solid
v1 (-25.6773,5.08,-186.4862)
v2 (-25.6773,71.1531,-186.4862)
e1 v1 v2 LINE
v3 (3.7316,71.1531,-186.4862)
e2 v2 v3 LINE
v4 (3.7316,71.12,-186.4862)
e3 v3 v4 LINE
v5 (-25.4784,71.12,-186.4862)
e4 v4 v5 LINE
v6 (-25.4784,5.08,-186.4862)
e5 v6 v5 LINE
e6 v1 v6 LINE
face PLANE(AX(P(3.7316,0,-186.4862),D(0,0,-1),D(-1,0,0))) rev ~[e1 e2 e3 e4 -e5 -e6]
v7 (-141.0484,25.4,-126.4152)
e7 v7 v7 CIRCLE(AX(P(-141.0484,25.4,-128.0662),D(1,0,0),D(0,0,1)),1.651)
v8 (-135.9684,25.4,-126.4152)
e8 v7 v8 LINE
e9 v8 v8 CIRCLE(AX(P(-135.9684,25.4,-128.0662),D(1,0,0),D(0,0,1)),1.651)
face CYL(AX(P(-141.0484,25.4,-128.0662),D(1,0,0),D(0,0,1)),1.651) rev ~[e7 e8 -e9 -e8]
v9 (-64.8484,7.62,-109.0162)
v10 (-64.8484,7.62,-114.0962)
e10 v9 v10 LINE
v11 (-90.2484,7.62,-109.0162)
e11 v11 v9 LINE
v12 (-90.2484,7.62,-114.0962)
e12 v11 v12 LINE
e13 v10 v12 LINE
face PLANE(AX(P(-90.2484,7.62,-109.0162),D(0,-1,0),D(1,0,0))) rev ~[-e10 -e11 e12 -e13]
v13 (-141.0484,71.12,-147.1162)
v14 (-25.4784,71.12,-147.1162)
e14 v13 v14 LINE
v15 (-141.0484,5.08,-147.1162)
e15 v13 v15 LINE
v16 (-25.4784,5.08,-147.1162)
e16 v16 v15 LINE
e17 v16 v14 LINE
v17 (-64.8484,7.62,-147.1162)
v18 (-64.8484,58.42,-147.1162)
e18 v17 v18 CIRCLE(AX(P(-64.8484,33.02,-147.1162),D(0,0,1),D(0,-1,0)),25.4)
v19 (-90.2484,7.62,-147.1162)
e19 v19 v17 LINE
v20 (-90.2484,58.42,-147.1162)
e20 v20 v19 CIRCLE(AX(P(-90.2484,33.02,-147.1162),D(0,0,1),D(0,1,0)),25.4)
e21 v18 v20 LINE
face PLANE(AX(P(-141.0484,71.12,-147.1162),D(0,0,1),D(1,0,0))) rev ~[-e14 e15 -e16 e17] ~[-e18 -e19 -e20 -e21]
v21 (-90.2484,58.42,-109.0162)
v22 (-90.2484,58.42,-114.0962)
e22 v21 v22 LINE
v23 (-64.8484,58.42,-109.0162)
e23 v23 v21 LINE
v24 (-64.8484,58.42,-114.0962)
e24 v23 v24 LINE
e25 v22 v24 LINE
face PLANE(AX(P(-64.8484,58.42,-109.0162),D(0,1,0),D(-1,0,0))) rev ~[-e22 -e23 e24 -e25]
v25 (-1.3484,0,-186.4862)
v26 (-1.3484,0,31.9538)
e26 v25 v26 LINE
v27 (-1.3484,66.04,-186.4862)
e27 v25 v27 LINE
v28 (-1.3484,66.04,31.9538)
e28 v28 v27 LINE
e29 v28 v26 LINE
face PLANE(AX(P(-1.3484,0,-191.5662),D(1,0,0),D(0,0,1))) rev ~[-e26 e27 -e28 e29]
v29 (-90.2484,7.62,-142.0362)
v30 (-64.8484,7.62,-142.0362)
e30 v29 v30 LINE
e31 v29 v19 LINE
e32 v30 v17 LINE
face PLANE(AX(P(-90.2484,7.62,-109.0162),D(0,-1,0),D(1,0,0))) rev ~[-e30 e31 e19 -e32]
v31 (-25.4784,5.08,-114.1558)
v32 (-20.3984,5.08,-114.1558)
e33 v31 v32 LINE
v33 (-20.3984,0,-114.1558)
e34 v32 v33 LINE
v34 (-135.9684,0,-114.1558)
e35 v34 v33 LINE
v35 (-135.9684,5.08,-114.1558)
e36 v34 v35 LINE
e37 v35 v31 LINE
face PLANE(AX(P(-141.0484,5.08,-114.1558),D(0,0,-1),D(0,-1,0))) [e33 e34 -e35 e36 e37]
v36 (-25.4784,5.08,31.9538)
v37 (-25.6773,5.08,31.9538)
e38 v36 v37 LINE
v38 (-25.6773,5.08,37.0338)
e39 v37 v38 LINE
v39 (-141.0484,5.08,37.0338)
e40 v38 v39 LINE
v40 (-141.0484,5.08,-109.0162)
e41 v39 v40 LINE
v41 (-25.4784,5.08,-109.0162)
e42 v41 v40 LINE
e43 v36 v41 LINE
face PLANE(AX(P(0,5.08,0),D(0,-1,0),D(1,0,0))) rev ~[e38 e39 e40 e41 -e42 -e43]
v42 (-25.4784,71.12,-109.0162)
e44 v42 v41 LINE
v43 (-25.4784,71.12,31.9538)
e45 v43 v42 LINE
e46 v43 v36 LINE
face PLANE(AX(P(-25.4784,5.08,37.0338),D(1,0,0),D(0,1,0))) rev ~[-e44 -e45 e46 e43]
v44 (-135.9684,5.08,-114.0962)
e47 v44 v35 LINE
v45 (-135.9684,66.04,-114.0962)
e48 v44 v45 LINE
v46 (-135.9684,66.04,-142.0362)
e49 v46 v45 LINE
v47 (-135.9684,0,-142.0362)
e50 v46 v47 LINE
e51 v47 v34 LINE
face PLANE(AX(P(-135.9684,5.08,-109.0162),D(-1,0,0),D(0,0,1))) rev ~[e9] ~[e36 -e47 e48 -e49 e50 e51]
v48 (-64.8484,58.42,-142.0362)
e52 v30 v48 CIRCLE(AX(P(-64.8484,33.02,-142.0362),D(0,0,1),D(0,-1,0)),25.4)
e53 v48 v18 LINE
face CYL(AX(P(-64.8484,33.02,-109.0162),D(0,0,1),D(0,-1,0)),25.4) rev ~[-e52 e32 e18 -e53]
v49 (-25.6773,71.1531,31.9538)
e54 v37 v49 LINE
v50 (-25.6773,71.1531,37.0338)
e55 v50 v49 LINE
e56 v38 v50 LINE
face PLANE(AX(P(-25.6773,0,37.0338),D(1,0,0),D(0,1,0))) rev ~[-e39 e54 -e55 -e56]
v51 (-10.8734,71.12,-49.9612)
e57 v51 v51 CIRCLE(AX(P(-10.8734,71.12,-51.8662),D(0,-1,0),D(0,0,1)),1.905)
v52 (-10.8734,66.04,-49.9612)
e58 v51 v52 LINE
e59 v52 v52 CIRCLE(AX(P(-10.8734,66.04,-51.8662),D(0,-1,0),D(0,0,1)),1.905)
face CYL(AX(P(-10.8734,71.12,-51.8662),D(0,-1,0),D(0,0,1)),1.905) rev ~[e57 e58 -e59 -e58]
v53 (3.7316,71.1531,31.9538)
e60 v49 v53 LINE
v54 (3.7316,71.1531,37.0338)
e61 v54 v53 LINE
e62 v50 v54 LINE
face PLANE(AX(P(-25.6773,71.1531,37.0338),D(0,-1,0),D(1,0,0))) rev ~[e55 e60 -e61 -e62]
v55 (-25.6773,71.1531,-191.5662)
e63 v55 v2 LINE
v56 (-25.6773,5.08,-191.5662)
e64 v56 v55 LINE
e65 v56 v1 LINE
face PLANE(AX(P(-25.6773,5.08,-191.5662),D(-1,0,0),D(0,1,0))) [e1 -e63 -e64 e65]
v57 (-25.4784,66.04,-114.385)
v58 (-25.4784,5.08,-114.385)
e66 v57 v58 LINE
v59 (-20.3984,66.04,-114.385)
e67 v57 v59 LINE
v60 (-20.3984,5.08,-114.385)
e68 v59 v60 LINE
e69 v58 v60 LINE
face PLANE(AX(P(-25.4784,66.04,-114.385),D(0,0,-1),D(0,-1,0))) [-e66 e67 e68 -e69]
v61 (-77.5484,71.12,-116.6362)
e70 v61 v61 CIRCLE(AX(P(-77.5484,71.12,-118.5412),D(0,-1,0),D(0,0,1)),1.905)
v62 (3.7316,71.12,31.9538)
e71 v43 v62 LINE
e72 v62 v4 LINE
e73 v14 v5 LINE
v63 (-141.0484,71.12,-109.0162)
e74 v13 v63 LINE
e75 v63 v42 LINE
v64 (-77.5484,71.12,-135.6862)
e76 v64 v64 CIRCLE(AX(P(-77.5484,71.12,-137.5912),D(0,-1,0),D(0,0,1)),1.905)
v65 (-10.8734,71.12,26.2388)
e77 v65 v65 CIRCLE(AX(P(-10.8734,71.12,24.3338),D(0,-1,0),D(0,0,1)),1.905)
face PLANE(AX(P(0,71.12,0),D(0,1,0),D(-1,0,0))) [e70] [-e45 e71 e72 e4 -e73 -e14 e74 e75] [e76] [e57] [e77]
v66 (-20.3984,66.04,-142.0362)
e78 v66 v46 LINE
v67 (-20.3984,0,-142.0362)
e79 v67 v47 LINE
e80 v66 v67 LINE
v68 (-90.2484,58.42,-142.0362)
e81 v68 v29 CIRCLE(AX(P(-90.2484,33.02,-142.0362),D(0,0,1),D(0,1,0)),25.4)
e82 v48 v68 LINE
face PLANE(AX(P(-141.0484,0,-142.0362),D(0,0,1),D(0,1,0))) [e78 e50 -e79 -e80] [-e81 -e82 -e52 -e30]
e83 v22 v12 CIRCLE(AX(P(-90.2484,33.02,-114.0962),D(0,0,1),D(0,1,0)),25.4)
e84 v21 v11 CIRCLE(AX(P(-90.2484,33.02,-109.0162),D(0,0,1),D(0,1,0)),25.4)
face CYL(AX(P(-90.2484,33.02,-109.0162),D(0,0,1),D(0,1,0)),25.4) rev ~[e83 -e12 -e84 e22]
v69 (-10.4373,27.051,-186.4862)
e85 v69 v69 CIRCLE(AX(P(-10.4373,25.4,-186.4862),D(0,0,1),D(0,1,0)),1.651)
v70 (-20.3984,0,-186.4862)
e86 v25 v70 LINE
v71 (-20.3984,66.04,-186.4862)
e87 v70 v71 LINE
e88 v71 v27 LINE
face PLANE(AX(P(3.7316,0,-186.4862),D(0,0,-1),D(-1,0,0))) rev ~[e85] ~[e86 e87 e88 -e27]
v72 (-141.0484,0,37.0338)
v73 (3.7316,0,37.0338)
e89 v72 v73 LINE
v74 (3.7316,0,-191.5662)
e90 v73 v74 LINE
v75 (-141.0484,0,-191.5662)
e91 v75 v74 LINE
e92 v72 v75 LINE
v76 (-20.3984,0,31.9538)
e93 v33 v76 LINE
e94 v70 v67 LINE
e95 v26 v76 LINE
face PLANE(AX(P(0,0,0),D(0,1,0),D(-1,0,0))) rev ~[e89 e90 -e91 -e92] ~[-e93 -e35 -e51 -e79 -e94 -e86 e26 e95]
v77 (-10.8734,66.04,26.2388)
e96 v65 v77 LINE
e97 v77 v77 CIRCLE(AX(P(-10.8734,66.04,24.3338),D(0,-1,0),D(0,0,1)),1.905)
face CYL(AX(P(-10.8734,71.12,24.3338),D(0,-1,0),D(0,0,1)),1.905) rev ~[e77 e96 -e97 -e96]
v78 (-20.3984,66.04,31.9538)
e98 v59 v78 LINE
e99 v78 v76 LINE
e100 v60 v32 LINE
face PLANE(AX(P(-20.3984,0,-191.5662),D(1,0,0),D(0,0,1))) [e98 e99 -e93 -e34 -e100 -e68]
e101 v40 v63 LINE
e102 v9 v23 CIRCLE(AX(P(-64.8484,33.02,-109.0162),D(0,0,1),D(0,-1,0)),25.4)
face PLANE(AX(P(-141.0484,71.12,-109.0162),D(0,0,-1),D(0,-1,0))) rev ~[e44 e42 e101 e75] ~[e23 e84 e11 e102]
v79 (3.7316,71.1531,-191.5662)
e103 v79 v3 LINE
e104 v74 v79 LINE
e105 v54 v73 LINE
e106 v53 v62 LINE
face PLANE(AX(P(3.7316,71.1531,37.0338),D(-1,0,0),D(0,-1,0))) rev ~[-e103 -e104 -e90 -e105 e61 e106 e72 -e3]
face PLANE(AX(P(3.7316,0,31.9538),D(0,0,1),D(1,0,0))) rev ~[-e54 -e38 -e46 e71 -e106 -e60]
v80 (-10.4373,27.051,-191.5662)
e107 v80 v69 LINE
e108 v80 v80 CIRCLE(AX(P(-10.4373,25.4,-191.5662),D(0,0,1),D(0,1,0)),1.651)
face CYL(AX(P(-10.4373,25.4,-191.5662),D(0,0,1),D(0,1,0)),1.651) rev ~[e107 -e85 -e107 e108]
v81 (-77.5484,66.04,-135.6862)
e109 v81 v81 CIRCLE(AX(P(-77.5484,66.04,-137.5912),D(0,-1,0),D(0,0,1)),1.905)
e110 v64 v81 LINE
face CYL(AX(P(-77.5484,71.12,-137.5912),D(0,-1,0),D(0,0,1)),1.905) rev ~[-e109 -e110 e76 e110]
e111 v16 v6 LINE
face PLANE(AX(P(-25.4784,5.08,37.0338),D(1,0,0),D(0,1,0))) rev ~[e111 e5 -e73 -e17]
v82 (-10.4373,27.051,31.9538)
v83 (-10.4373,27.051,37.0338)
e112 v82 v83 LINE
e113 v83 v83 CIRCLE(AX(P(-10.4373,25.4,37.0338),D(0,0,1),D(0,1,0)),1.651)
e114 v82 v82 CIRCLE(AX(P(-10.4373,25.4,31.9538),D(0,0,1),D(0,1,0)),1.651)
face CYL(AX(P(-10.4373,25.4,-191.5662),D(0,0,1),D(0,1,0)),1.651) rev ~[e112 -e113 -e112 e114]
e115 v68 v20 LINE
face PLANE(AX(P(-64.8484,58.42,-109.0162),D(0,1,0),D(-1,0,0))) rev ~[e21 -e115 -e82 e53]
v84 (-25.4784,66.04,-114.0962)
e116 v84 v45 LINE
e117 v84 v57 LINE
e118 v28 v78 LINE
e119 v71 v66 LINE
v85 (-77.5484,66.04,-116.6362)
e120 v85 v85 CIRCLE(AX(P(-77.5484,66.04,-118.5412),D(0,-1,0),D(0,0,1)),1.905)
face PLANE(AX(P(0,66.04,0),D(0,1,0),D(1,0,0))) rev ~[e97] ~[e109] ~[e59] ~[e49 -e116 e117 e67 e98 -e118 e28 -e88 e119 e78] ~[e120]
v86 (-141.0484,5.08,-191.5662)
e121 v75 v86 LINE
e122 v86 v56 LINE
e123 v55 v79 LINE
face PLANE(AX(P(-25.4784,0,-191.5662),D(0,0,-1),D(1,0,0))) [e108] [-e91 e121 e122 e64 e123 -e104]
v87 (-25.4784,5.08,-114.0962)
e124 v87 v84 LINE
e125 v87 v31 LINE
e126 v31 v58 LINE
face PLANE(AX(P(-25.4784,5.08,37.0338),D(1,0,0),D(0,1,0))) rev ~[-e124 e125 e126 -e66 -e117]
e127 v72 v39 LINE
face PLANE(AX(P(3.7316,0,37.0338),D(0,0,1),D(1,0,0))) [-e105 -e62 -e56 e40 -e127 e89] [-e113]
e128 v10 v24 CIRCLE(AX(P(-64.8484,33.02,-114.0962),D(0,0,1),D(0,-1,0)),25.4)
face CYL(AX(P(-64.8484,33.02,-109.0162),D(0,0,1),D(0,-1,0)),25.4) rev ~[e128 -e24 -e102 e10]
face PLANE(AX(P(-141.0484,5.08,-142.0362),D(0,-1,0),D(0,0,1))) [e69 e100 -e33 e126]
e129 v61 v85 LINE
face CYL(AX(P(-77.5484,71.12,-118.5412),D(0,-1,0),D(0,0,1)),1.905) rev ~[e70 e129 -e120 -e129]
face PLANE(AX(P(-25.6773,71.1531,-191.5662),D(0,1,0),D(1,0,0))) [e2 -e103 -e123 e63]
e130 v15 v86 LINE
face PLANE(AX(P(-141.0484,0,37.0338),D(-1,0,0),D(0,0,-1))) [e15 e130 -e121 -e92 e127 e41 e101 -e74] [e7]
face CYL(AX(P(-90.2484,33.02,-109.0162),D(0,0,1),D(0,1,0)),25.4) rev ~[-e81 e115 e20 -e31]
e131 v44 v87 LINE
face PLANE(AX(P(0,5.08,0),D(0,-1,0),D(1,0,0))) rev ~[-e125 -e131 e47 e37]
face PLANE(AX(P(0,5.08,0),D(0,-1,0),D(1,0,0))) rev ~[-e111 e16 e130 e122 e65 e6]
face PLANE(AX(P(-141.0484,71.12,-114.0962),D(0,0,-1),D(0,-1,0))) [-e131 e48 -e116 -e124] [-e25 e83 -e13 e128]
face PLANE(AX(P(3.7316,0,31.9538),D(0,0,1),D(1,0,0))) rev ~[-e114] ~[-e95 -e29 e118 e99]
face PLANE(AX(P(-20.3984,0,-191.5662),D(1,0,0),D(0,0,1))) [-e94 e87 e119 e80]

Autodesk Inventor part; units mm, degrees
ref_plane "YZ Plane" through (0, 0, 0) normal (1, 0, 0) x (0, 1, 0)
ref_plane "XZ Plane" through (0, 0, 0) normal (0, 1, 0) x (-1, 0, 0)
ref_plane "XY Plane" through (0, 0, 0) normal (0, 0, 1) x (1, 0, 0)
sketch "Sketch51" plane through (0, 0, 0) normal (0, 1, 0) x (-1, 0, 0)
  line L0 (1.3484, 37.0338) -> (-3.7316, 37.0338)
  line L1 (-3.7316, 37.0338) -> (-3.7316, -191.5662)
  line L2 (-3.7316, -191.5662) -> (1.3484, -191.5662)
  line L3 (1.3484, -191.5662) -> (1.3484, 37.0338)
  point P0 (0, 0)
  dimension "d172" = 5.08
  dimension "d173" = 228.6
extrude "Extrusion37" add sketch "Sketch51" along normal blind 71.12
sketch "Sketch52" plane through (-1.3484, 0, 37.0338) normal (0, 0, 1) x (1, 0, 0)
  line L0 (5.08, 0) -> (5.08, 71.12) projected
  line L1 (5.08, 71.12) -> (-24.13, 71.12)
  line L2 (-24.13, 71.12) -> (-24.13, 66.04)
  line L3 (-24.13, 66.04) -> (5.08, 66.04)
  line L4 (5.08, 66.04) -> (5.08, 71.12)
  point P0 (1.3484, 0)
  dimension "d176" = 5.08
  dimension "d177" = 29.21
extrude "Extrusion38" add sketch "Sketch52" against normal blind 228.6
sketch "Sketch54" plane through (0, 0, 0) normal (0, -1, 0) x (1, 0, 0)
  line L0 (-20.3984, 37.0338) -> (-141.0484, 37.0338)
  line L1 (-141.0484, 37.0338) -> (-141.0484, -191.5662)
  line L2 (-141.0484, -191.5662) -> (-20.3984, -191.5662)
  line L3 (-20.3984, -191.5662) -> (-20.3984, 37.0338)
  line L4 (-25.4784, 37.0338) -> (-1.3484, 37.0338) projected
  line L5 (-1.3484, -191.5662) -> (-25.4784, -191.5662) projected
  line L6 (-1.3484, -191.5662) -> (-1.3484, 37.0338) projected
  point P0 (0, 0)
  dimension "d180" = 0
  dimension "d181" = 0
  dimension "d182" = 19.05
  dimension "d183" = 120.65
extrude "Extrusion39" add sketch "Sketch54" against normal blind 5.08 contours L3 L2 L1 L0
sketch "Sketch55" plane through (-1.3484, 0, 37.0338) normal (0, 0, 1) x (1, 0, 0)
  line L0 (-139.7, 5.08) -> (-19.05, 5.08) projected
  line L1 (-24.13, 66.04) -> (-24.13, 71.12) projected
  line L2 (-19.05, 5.08) -> (-24.13, 5.08)
  line L3 (-24.13, 5.08) -> (-24.13, 71.12)
  line L4 (-24.13, 71.12) -> (-19.05, 71.12)
  line L5 (-19.05, 71.12) -> (-19.05, 5.08)
  point P0 (1.3484, 0)
extrude "Extrusion40" add sketch "Sketch55" against normal blind 228.6
sketch "Sketch56" plane through (3.7316, 0, 37.0338) normal (0, 0, 1) x (1, 0, 0)
  line L0 (-29.4089, 71.1531) -> (0, 71.1531)
  line L1 (0, 71.1531) -> (0, 0)
  line L2 (0, 0) -> (-29.4089, 0)
  line L3 (-29.4089, 0) -> (-29.4089, 71.1531)
  point P0 (-3.7316, 0)
extrude "Extrusion41" add sketch "Sketch56" against normal blind 5.08
sketch "Sketch57" plane through (3.7316, 0, -191.5662) normal (0, 0, -1) x (-1, 0, 0)
  line L0 (29.4089, 5.08) -> (29.4089, 71.1531) projected
  line L1 (29.4089, 71.1531) -> (0, 71.1531)
  line L2 (0, 71.1531) -> (0, 0)
  line L3 (0, 0) -> (29.4089, 0)
  line L4 (29.4089, 0) -> (29.4089, 71.1531)
  point P0 (3.7316, 0)
extrude "Extrusion42" add sketch "Sketch57" against normal blind 5.08
sketch "Sketch58" plane through (0, 71.12, 0) normal (0, 1, 0) x (1, 0, 0)
  line L0 (-25.4784, -31.9538) -> (-25.4784, 186.4862) projected
  line L1 (-141.0484, 191.5662) -> (-141.0484, -37.0338) projected
  line L2 (-25.4784, 109.0162) -> (-141.0484, 109.0162)
  line L3 (-141.0484, 109.0162) -> (-141.0484, 147.1162)
  line L4 (-141.0484, 147.1162) -> (-25.4784, 147.1162)
  line L5 (-25.4784, 147.1162) -> (-25.4784, 109.0162)
  line L6 (-25.6773, 191.5662) -> (-141.0484, 191.5662) projected
  point P0 (0, 0)
  dimension "d192" = 38.1
  dimension "d193" = 44.45
extrude "Extrusion43" add sketch "Sketch58" against normal blind 5.08
sketch "Sketch59" plane through (-141.0484, 71.12, -147.1162) normal (-1, 0, 0) x (0, 0, 1)
  line L0 (0, 0) -> (0, -5.08) projected
  line L1 (184.15, -71.12) -> (-44.45, -71.12) projected
  line L2 (0, 0) -> (5.08, 0)
  line L3 (5.08, 0) -> (5.08, -71.12)
  line L4 (5.08, -71.12) -> (0, -71.12)
  line L5 (0, -71.12) -> (0, 0)
  line L6 (38.1, 0) -> (38.1, -5.08) projected
  line L7 (38.1, 0) -> (33.02, 0)
  line L8 (33.02, 0) -> (33.02, -71.12)
  line L9 (33.02, -71.12) -> (38.1, -71.12)
  line L10 (38.1, -71.12) -> (38.1, 0)
  point P0 (147.1162, -71.12)
  dimension "d196" = 5.08
  dimension "d197" = 5.08
extrude "Extrusion44" add sketch "Sketch59" against normal blind 120.65
sketch "Sketch60" plane through (-141.0484, 0, -191.5662) normal (-1, 0, 0) x (0, 0, 1)
  line L0 (49.53, 5.08) -> (77.47, 5.08) projected
  line L1 (5.08, 0) -> (223.52, 0) projected
  line L2 (49.53, 5.08) -> (77.4104, 5.08)
  line L3 (77.4104, 5.08) -> (77.4104, 0)
  line L4 (77.4104, 0) -> (49.53, 0)
  line L5 (49.53, 0) -> (49.53, 5.08)
  point P0 (191.5662, 0)
extrude "Extrusion45" cut sketch "Sketch60" against normal blind 120.65
sketch "Sketch61" plane through (-25.4784, 66.04, -142.0362) normal (-1, 0, 0) x (0, 0, 1)
  line L0 (0, -66.04) -> (0, 0) projected
  line L1 (27.94, 0) -> (27.94, -60.96) projected
  line L2 (27.94, 0) -> (0, 0) projected
  line L3 (-44.45, -66.04) -> (173.99, -66.04) projected
  line L4 (0, 0) -> (27.6512, 0)
  line L5 (27.6512, 0) -> (27.6512, -66.04)
  line L6 (27.6512, -66.04) -> (0, -66.04)
  line L7 (0, -66.04) -> (0, 0)
  point P0 (142.0362, -66.04)
extrude "Extrusion46" cut sketch "Sketch61" against normal blind 5.08
sketch "Sketch62" plane through (-141.0484, 5.08, -109.0162) normal (-1, 0, 0) x (0, 0, 1)
  line L0 (-33.02, -5.08) -> (-82.55, -5.08) projected
  line L1 (-38.1, 66.04) -> (-38.1, 0) projected
  line L2 (0, 66.04) -> (0, 0) projected
  line L3 (-5.1396, 0) -> (-5.1396, -5.08) projected
  line L4 (146.05, -5.08) -> (-5.1396, -5.08) projected
  line L5 (146.05, -5.08) -> (146.05, 0) projected
  line L6 (0, 0) -> (146.05, 0) projected
  line L7 (0, 66.04) -> (0, 0) projected
  line L8 (0, 66.04) -> (-38.1, 66.04) projected
  line L9 (-38.1, 66.04) -> (-38.1, 0) projected
  line L10 (-82.55, 0) -> (-38.1, 0) projected
  line L11 (-82.55, -5.08) -> (-82.55, 0) projected
  line L12 (-33.02, -5.08) -> (-82.55, -5.08) projected
  line L13 (-33.02, -5.08) -> (-33.02, 60.96) projected
  line L14 (-5.08, 60.96) -> (-33.02, 60.96) projected
  line L15 (-5.08, 60.96) -> (-5.08, 0) projected
  line L16 (0, 66.04) -> (-34.1859, 66.04)
  line L17 (-34.1859, 66.04) -> (-34.1859, -5.08)
  line L18 (-34.1859, -5.08) -> (0, -5.08)
  line L19 (0, -5.08) -> (0, 66.04)
  line L20 (-5.1396, 0) -> (-5.08, 0) projected
  point P0 (109.0162, -5.08)
extrude "Extrusion47" add sketch "Sketch62" against normal blind 5.08 contours L0 L17 L8 L2 L19 L4 L3 L20 L15 L14 L13 | L13 L14 L15 L20 L3 L18
sketch "Sketch63" plane through (3.7316, 0, -191.5662) normal (0, 0, -1) x (-1, 0, 0)
  line L0 (0, 0) -> (144.78, 0) projected
  line L1 (29.4089, 5.08) -> (29.4089, 71.1531) projected
  point P0 (3.7316, 0)
  point P1 (14.1689, 25.4)
  dimension "d206" = 25.4
  dimension "d207" = 15.24
hole "Hole8" at (-10.4373, 25.4, -191.5662) direction (0, 0, 1) diameter 3.302 end through all
sketch "Sketch64" plane through (-141.0484, 0, -191.5662) normal (-1, 0, 0) x (0, 0, 1)
  line L0 (228.6, 0) -> (0, 0) projected
  line L1 (44.45, 71.12) -> (44.45, 5.08) projected
  point P0 (191.5662, 0)
  point P1 (63.5, 25.4)
  dimension "d215" = 25.4
  dimension "d216" = 19.05
hole "Hole9" at (-141.0484, 25.4, -128.0662) direction (1, 0, 0) diameter 3.302 depth 25.4 tip angle 118.188
sketch "Sketch66" plane through (0, 71.12, 0) normal (0, 1, 0) x (1, 0, 0)
  line L0 (-141.0484, 109.0162) -> (-141.0484, 147.1162) projected
  line L1 (-25.4784, 109.0162) -> (-141.0484, 109.0162) projected
  line L2 (-141.0484, 147.1162) -> (-25.4784, 147.1162) projected
  point P0 (0, 0)
  point P1 (-77.5484, 137.5912)
  point P2 (-77.5484, 118.5412)
  dimension "d224" = 0
  dimension "d225" = 63.5
  dimension "d226" = 9.525
  dimension "d227" = 9.525
hole "Hole10" at (-77.5484, 71.12, -137.5912) at (-77.5484, 71.12, -118.5412) direction (0, -1, 0) diameter 3.81 depth 25.4 tip angle 118.188
sketch "Sketch67" plane through (0, 71.12, 0) normal (0, 1, 0) x (1, 0, 0)
  line L0 (-25.4784, -31.9538) -> (-25.4784, 109.0162) projected
  line L1 (-25.6773, -37.0338) -> (3.7316, -37.0338) projected
  point P0 (0, 0)
  point P1 (-10.8734, -24.3338)
  point P2 (-10.8734, 51.8662)
  dimension "d235" = 0
  dimension "d236" = 76.2
  dimension "d237" = 14.605
  dimension "d238" = 12.7
hole "Hole11" at (-10.8734, 71.12, 24.3338) at (-10.8734, 71.12, -51.8662) direction (0, -1, 0) diameter 3.81 depth 25.4 tip angle 118.188
sketch "Sketch68" plane through (-141.0484, 71.12, -109.0162) normal (0, 0, 1) x (1, 0, 0)
  line L0 (50.8, -38.1) -> (76.2, -38.1) construction
  line L1 (50.8, -63.5) -> (76.2, -63.5)
  line L2 (76.2, -12.7) -> (50.8, -12.7)
  arc A0 (50.8, -12.7) -> (50.8, -63.5) centre (50.8, -38.1) ccw
  arc A1 (76.2, -63.5) -> (76.2, -12.7) centre (76.2, -38.1) ccw
  line L3 (115.57, 0) -> (0, 0) projected
  line L4 (0, 0) -> (0, -66.04) projected
  point P0 (141.0484, -71.12)
  point P1 (63.5, -38.1)
  dimension "d246" = 38.1
  dimension "d247" = 25.4
  dimension "d248" = 50.8
  dimension "d249" = 25.4
extrude "Extrusion48" cut sketch "Sketch68" against normal blind 77.7875
equation "\"d172\" = WallWidth"
equation "\"d173\" = PartLength"
equation "\"d174\" = CPDeckHeight"
equation "\"d176\" = WallWidth"
equation "\"d177\" = 2 * WallWidth + ControlPlateShelfLength"
equation "\"d178\" = PartLength"
equation "\"d182\" = ControlPlateShelfLength"
equation "\"d183\" = CPDWidthHole"
equation "\"d184\" = WallWidth"
equation "\"d186\" = PartLength"
equation "\"d188\" = WallWidth"
equation "\"d190\" = WallWidth"
equation "\"d194\" = WallWidth"
equation "\"d196\" = WallWidth"
equation "\"d197\" = WallWidth"
equation "\"d202\" = WallWidth"
equation "\"d204\" = WallWidth"
equation "\"DSLength\" = 1371.6"
equation "\"DSWidth\" = 304.8"
equation "\"DCDeckHeight\" = 76.2"
equation "\"WallWidth\" = 5.08"
equation "\"EdgeAngle\" = 10deg"
equation "\"LengthCuts\" = 152.4"
equation "\"WidthCuts\" = 50.8"
equation "\"PartLength\" = 228.6"
equation "\"PartWidth\" = 152.4"
equation "\"BoltHoldDiam\" = 6.35"
equation "\"ControlPlateLength\" = 228.6"
equation "\"ControlPlateWidth\" = 228.6"
equation "\"ControlPlateShelfLength\" = 19.05"
equation "\"ControlHoleLength\" = 190.5"
equation "\"ControlHoleWidth\" = 190.5"
equation "\"ControlHoleFromSide\" = 63.5"
equation "\"ControlHoleBoltHoleMid\" = 9.525"
equation "\"CPDeckHeight\" = 71.12"
equation "\"CPFromSide\" = 63.5"
equation "\"CPFromBack\" = 63.5"
equation "\"DU1CHWidth\" = 69.85"
equation "\"DU1CHLength\" = 146.05"
equation "\"ControlPlateScrewLength\" = 76.2"
equation "\"DSBackHeight\" = 127"
equation "\"BackShelf\" = 25.4"
equation "\"MainAngle\" = 168.22deg"
equation "\"CPDWidthHole\" = 120.65"
equation "\"CPDLengthHole\" = 146.05"
equation "\"DownBackHeight\" = 130.7084"
properties part number "CPLRightTwo"
